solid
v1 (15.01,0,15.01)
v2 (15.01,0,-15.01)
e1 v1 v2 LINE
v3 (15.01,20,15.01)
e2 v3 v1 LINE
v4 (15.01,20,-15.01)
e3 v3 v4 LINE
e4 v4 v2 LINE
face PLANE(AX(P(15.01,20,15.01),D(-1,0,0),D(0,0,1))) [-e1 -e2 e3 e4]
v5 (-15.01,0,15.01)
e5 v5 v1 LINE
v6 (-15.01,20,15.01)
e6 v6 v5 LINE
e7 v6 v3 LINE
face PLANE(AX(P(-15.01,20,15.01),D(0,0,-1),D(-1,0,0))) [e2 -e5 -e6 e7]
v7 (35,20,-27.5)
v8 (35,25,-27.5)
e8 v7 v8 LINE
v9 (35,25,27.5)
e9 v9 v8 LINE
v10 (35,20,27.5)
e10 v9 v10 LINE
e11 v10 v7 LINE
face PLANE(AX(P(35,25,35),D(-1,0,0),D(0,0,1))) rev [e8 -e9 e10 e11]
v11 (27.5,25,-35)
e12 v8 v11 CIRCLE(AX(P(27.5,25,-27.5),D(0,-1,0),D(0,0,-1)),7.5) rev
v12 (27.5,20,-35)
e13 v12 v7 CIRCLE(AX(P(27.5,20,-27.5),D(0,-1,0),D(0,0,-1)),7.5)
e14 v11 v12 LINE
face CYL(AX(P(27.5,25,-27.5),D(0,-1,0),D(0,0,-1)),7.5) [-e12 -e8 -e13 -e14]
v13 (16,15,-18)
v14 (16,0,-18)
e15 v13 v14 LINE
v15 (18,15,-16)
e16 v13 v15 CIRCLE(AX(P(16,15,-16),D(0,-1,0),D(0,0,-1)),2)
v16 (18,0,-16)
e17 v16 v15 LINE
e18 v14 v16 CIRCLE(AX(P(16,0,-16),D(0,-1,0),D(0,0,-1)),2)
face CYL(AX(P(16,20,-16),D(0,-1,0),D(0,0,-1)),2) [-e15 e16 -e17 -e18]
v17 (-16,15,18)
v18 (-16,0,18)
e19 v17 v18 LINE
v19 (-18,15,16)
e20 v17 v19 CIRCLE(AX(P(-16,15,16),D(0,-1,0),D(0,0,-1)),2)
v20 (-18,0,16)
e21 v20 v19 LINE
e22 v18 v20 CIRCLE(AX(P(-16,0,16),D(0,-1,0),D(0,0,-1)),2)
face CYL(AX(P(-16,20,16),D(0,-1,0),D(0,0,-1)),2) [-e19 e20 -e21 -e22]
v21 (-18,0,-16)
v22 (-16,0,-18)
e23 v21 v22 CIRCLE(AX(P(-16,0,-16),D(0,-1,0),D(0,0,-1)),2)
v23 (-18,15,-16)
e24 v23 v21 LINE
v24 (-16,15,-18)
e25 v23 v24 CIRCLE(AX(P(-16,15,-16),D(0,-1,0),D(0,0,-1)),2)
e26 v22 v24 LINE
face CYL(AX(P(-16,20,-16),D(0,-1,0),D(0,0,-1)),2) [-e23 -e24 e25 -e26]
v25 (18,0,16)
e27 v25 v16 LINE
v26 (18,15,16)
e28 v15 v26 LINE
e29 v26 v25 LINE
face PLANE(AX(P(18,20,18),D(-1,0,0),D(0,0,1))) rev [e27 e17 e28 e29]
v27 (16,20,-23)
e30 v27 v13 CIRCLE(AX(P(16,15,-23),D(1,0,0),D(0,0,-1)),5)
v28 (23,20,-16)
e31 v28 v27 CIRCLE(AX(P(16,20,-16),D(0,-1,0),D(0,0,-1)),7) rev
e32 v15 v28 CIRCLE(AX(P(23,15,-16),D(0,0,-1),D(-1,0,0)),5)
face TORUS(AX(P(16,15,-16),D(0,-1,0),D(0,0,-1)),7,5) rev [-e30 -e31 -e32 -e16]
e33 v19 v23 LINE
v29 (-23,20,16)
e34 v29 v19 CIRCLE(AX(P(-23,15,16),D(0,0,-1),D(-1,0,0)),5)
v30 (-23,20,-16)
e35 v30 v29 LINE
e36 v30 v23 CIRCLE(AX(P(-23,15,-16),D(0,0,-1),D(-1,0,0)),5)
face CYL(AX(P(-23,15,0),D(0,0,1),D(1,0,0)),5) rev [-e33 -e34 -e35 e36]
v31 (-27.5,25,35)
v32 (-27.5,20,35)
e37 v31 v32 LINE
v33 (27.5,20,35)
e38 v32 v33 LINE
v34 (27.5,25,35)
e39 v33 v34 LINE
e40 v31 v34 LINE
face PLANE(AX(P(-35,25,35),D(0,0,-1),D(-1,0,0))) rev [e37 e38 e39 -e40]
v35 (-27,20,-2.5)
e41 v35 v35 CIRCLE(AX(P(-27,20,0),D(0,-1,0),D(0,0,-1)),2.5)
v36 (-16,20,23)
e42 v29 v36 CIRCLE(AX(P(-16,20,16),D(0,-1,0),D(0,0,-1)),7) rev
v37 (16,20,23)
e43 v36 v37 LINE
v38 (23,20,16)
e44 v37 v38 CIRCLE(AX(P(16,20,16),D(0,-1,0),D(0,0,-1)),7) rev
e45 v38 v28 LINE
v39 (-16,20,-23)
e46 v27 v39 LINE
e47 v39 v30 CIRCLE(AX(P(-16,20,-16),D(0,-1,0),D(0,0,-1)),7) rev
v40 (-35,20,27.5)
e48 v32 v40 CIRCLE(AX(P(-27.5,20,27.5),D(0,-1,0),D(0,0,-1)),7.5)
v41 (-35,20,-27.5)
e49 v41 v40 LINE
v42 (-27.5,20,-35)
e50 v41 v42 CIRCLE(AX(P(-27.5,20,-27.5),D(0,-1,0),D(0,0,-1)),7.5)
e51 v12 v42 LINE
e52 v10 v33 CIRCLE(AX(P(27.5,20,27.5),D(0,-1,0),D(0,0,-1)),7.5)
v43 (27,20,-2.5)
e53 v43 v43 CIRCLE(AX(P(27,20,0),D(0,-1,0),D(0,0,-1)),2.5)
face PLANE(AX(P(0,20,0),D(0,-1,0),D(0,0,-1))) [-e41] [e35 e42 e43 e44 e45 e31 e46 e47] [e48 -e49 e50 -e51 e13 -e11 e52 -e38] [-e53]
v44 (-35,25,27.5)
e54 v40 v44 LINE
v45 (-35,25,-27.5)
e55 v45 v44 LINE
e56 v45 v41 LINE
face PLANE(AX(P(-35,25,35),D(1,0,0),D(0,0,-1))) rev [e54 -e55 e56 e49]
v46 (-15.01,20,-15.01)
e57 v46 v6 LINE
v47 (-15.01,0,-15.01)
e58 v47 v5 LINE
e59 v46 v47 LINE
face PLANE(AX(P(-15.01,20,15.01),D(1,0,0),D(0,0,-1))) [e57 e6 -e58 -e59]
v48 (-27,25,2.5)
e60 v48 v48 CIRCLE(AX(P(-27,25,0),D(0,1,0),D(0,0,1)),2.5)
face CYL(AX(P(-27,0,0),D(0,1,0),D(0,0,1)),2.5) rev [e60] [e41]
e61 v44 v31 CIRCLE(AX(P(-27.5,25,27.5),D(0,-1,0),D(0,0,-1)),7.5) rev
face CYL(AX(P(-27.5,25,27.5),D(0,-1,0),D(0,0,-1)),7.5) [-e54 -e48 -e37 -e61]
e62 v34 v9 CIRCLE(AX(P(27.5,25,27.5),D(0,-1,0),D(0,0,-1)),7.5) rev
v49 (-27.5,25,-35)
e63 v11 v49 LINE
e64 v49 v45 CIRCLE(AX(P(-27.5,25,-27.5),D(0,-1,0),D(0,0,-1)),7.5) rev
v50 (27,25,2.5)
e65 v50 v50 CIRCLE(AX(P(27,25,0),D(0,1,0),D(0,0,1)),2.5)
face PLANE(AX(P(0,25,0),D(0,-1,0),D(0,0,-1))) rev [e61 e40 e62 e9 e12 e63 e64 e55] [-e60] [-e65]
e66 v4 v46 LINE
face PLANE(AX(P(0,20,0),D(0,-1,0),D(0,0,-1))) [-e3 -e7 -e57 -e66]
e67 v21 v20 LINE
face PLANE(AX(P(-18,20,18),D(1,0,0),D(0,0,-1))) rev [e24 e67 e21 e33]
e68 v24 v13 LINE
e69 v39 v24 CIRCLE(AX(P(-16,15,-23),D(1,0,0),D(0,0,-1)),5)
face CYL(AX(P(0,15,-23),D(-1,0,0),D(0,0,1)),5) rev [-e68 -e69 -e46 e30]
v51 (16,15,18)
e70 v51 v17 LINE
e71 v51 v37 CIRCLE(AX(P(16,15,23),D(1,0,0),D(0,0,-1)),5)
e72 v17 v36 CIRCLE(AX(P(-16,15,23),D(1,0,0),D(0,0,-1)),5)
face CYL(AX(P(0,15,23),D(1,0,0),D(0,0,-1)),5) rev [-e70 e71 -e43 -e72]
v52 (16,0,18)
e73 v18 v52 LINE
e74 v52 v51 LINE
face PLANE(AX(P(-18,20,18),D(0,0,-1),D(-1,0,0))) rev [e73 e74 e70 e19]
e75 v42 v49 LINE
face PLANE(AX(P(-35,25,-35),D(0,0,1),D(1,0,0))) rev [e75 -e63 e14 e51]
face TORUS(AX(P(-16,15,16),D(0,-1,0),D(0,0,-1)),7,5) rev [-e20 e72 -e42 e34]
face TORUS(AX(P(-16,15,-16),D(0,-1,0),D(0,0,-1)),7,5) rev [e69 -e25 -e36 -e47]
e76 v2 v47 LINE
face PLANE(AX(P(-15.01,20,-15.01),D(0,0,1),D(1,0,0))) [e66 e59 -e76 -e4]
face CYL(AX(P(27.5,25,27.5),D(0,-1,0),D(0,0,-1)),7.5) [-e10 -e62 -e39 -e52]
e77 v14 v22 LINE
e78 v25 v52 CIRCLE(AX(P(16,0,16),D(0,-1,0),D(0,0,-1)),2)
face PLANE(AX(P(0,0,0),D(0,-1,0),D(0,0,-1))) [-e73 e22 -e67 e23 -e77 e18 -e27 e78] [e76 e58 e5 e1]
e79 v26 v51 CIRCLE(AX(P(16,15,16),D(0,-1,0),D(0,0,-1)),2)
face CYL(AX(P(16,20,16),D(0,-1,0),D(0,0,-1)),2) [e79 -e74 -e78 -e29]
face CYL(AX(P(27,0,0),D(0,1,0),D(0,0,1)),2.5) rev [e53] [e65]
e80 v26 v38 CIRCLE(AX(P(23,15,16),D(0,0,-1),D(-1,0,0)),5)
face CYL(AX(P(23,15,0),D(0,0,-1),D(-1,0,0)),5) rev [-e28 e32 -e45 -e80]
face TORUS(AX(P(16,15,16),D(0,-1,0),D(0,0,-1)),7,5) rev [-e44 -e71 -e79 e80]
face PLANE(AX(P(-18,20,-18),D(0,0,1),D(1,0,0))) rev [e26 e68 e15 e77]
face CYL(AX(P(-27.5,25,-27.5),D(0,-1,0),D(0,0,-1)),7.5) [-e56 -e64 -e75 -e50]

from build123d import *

# Parameters (mm, degrees)
SKETCH1_W           = 36
SKETCH1_H           = 36
SKETCH1_W_2         = 30.02
SKETCH1_H_2         = 30.02
BOSS_EXTRUDE1_DEPTH = 20
SKETCH2_W           = 70
SKETCH2_H           = 70
BOSS_EXTRUDE2_DEPTH = 5
FILLET1_R           = 7.5
SKETCH3_R           = 2.5
CUT_EXTRUDE1_DEPTH  = 56.452682532
FILLET2_R           = 2
FILLET3_R           = 5


with BuildPart() as part:
    # Sketch1 → Boss-Extrude1 (new body)
    with BuildSketch(Plane(origin=(0, 0, 0), x_dir=(1, 0, 0), z_dir=(0, 1, 0))):
        Rectangle(SKETCH1_W, SKETCH1_H)
        Rectangle(SKETCH1_W_2, SKETCH1_H_2, mode=Mode.SUBTRACT)
    extrude(amount=BOSS_EXTRUDE1_DEPTH)

    # Sketch2 → Boss-Extrude2 (add)
    with BuildSketch(Plane(origin=(0, 20, 0), x_dir=(1, 0, 0), z_dir=(0, 1, 0))):
        Rectangle(SKETCH2_W, SKETCH2_H)
    extrude(amount=BOSS_EXTRUDE2_DEPTH)

    # Fillet1
    fillet1_edges = [part.edges().sort_by_distance(p)[0] for p in [
        (35, 22.5, 35),
        (35, 22.5, -35),
        (-35, 22.5, -35),
        (-35, 22.5, 35),
    ]]
    fillet(fillet1_edges, radius=FILLET1_R)

    # Sketch3 → Cut-Extrude1 (cut, through all)
    with BuildSketch(Plane(origin=(0, 25, 0), x_dir=(1, 0, 0), z_dir=(0, 1, 0))):
        with Locations(Location((-27, 0, 0), (0, 0, 270))):
            Circle(SKETCH3_R)
        with Locations(Location((27, 0, 0), (0, 0, 270))):
            Circle(SKETCH3_R)
    extrude(amount=-CUT_EXTRUDE1_DEPTH, mode=Mode.SUBTRACT)

    # Fillet2
    fillet2_edges = [part.edges().sort_by_distance(p)[0] for p in [
        (18, 10, 18),
        (-18, 10, 18),
        (-18, 10, -18),
        (18, 10, -18),
    ]]
    fillet(fillet2_edges, radius=FILLET2_R)

    # Fillet3
    fillet3_edges = [part.edges().sort_by_distance(p)[0] for p in [
        (0, 20, -18),
        (18, 20, 0),
        (0, 20, 18),
        (-18, 20, 0),
        (17.414213562, 20, -17.414213562),
        (17.414213562, 20, 17.414213562),
        (-17.414213562, 20, -17.414213562),
        (-17.414213562, 20, 17.414213562),
    ]]
    fillet(fillet3_edges, radius=FILLET3_R)


solid = part.part
